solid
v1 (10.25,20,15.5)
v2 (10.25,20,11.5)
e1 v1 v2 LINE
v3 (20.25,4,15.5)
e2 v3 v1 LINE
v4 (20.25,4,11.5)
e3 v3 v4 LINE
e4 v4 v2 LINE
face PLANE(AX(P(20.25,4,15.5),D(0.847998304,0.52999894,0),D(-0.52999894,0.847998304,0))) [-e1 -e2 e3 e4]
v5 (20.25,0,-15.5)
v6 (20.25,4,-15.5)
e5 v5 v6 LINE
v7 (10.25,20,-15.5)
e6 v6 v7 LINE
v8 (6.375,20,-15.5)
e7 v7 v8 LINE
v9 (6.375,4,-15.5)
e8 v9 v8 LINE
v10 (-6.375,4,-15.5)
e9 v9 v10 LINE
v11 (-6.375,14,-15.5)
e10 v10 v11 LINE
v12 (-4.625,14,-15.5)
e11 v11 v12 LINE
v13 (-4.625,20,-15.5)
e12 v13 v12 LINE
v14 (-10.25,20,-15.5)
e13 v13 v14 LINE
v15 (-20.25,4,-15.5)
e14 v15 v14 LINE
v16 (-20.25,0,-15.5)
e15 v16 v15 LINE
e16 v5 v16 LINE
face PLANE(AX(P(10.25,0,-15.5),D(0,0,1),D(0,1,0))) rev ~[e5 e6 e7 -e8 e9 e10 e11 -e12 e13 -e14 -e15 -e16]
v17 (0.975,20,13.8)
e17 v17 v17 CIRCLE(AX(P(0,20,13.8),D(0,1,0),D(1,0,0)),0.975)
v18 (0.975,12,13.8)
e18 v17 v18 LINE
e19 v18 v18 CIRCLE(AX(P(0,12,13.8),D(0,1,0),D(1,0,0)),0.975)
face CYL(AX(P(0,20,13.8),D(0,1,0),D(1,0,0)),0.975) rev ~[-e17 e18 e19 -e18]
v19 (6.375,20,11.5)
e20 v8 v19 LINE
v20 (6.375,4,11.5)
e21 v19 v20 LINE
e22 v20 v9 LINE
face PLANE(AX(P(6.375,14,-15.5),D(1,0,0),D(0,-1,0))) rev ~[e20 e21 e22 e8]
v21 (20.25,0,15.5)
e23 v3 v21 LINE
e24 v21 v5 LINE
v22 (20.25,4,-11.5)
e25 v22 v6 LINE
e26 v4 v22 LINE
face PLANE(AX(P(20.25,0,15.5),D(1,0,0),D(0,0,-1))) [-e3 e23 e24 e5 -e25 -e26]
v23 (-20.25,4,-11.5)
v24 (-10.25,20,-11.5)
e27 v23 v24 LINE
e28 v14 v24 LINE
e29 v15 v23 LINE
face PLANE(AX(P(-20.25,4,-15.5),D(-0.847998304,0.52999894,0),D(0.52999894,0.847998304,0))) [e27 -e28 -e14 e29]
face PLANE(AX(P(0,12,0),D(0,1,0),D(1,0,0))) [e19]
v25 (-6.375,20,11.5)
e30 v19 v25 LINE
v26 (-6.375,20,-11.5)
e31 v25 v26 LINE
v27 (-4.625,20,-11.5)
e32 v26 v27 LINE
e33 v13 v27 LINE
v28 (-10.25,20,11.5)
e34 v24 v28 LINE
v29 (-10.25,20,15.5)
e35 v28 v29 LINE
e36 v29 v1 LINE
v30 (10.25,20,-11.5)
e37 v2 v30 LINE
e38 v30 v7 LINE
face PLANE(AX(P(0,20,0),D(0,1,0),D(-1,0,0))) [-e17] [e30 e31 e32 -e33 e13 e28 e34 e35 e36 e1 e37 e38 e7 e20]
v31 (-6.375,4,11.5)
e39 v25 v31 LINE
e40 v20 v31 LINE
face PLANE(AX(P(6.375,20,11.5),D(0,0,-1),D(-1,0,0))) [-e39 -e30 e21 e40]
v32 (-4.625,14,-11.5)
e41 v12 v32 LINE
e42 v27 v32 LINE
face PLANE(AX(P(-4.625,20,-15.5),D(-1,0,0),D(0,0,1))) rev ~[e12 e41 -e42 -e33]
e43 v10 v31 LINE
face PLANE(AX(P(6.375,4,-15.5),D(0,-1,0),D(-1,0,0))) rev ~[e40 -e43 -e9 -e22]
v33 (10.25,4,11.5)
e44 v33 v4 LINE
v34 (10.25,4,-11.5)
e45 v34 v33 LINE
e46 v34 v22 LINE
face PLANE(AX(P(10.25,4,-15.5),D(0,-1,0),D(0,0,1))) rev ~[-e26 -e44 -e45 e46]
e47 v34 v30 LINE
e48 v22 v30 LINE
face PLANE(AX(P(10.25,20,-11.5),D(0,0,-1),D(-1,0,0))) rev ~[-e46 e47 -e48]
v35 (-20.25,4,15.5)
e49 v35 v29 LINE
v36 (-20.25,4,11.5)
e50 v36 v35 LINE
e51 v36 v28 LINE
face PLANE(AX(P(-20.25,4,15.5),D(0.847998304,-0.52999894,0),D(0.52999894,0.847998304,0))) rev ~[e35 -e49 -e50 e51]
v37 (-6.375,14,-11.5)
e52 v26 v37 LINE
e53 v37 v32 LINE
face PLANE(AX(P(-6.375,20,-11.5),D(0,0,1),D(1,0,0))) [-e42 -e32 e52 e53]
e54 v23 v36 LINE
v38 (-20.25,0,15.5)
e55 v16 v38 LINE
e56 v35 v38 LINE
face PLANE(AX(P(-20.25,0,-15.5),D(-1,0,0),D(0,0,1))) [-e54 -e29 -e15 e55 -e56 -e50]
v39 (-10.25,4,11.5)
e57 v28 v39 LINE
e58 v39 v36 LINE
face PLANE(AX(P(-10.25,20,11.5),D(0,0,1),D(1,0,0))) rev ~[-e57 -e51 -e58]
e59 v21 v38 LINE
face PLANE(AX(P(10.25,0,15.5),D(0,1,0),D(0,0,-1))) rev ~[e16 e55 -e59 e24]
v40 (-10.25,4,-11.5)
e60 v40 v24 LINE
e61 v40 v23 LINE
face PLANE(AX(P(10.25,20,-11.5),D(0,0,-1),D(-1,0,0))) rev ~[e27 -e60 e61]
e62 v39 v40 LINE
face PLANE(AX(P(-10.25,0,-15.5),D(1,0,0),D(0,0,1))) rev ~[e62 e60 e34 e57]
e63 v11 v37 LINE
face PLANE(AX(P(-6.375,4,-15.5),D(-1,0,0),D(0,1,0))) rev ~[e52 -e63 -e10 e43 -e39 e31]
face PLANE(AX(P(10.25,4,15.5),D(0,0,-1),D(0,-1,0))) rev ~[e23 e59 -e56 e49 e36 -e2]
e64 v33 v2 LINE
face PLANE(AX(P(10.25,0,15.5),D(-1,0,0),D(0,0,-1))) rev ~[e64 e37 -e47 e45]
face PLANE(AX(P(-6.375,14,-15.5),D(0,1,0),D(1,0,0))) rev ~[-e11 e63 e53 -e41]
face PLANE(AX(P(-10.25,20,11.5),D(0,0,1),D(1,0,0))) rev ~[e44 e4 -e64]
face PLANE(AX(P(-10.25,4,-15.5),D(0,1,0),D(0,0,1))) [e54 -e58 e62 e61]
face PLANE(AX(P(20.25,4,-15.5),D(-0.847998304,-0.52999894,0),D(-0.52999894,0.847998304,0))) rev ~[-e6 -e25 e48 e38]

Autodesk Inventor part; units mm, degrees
ref_plane "YZ Plane" through (0, 0, 0) normal (1, 0, 0) x (0, 1, 0)
ref_plane "XZ Plane" through (0, 0, 0) normal (0, 1, 0) x (-1, 0, 0)
ref_plane "XY Plane" through (0, 0, 0) normal (0, 0, 1) x (1, 0, 0)
sketch "Sketch1" plane through (0, 0, 0) normal (0, 1, 0) x (-1, 0, 0)
  point P0 (0, 0)
sketch "Sketch2" plane through (0, 0, 0) normal (0, 1, 0) x (-1, 0, 0)
  line L0 (-10.25, -15.5) -> (10.25, -15.5)
  line L1 (10.25, -15.5) -> (10.25, 15.5)
  line L2 (10.25, 15.5) -> (-10.25, 15.5)
  line L3 (-10.25, 15.5) -> (-10.25, -15.5)
  line L4 (-10.25, -15.5) -> (10.25, 15.5) construction
  line L5 (10.25, -15.5) -> (-10.25, 15.5) construction
  point P0 (0, 0)
  dimension "d0" = 20.5
  dimension "d1" = 31
extrude "Extrusion1" add sketch "Sketch2" along normal blind 20
sketch "Sketch3" plane through (0, 20, 0) normal (0, 1, 0) x (1, 0, 0)
  line L0 (6.375, -11.5) -> (-6.375, -11.5)
  line L1 (-6.375, -11.5) -> (-6.375, 11.5)
  line L2 (-6.375, 11.5) -> (6.375, 11.5)
  line L3 (6.375, 11.5) -> (6.375, -11.5)
  line L4 (10.25, 15.5) -> (-10.25, 15.5) projected
  line L5 (10.25, -15.5) -> (10.25, 15.5) projected
  line L6 (-10.25, 15.5) -> (-10.25, -15.5) projected
  line L7 (-10.25, -15.5) -> (10.25, -15.5) projected
  point P0 (0, 0)
  dimension "d4" = 23
  dimension "d5" = 12.75
  dimension "d6" = 4
  dimension "d7" = 3.875
  dimension "d8" = 3.875
  dimension "d9" = 4
extrude "Extrusion2" cut sketch "Sketch3" against normal blind 16 contours L0 L1 L2 L3
sketch "Sketch4" plane through (10.25, 0, -15.5) normal (0, 0, -1) x (-1, 0, 0)
  line L0 (16.625, 14) -> (3.875, 14)
  line L1 (3.875, 14) -> (3.875, 4)
  line L2 (3.875, 4) -> (16.625, 4)
  line L3 (16.625, 4) -> (16.625, 14)
  line L4 (3.875, 20) -> (16.625, 20) projected
  line L5 (0, 0) -> (20.5, 0) projected
  line L6 (0, 0) -> (0, 20) projected
  line L7 (20.5, 0) -> (20.5, 20) projected
  point P0 (10.25, 0)
  dimension "d12" = 10
  dimension "d13" = 12.75
  dimension "d14" = 4
  dimension "d15" = 3.875
  dimension "d16" = 3.875
  dimension "d17" = 6
extrude "Extrusion3" cut sketch "Sketch4" against normal blind 4
sketch "Sketch5" plane through (0, 20, 0) normal (0, 1, 0) x (1, 0, 0)
  circle A0 centre (0, -13.8) radius 0.975
  line L0 (6.375, -11.5) -> (-6.375, -11.5) projected
  line L1 (10.25, -15.5) -> (10.25, 15.5) projected
  line L2 (-10.25, 15.5) -> (-10.25, -15.5) projected
  circle A1 centre (0, 13.8) radius 0.975
  line L3 (-6.375, 11.5) -> (6.375, 11.5) projected
  point P0 (0, 0)
  dimension "d20" = 1.95
  dimension "d21" = 2.3
  dimension "d22" = 10.25
  dimension "d23" = 10.25
  dimension "d24" = 1.95
  dimension "d25" = 2.3
  dimension "d26" = 10.25
  dimension "d27" = 10.25
extrude "Extrusion4" cut sketch "Sketch5" against normal blind 8
sketch "Sketch6" plane through (-10.25, 0, -15.5) normal (-1, 0, 0) x (0, 0, 1)
  line L0 (0, 4) -> (27, 4) projected
  line L1 (0, 0) -> (31, 0) projected
  line L2 (0, 4) -> (31, 4)
  line L3 (31, 4) -> (31, 0)
  line L4 (31, 0) -> (0, 0)
  line L5 (0, 0) -> (0, 4)
  point P0 (15.5, 0)
extrude "Extrusion5" add sketch "Sketch6" along normal blind 10
sketch "Sketch8" plane through (10.25, 0, 15.5) normal (1, 0, 0) x (0, 0, -1)
  line L0 (31, 4) -> (4, 4) projected
  line L1 (0, 0) -> (31, 0) projected
  line L2 (31, 4) -> (0, 4)
  line L3 (0, 4) -> (0, 0)
  line L4 (0, 0) -> (31, 0)
  line L5 (31, 0) -> (31, 4)
  point P0 (15.5, 0)
  point P1 (4, 4)
extrude "Extrusion6" add sketch "Sketch8" along normal blind 10
sketch "Sketch9" plane through (10.25, 20, -15.5) normal (0, 0, -1) x (-1, 0, 0)
  line L0 (20.5, -16) -> (20.5, 0) projected
  line L1 (20.5, 0) -> (20.5, -16)
  line L2 (30.5, -20) -> (30.5, -16) projected
  line L3 (20.5, -16) -> (30.5, -16)
  line L4 (30.5, -16) -> (20.5, 0)
  line L5 (0, -16) -> (0, 0) projected
  line L6 (0, 0) -> (0, -16)
  line L7 (0, -16) -> (-10, -16) projected
  line L8 (0, -16) -> (-10, -16)
  line L9 (-10, -16) -> (0, 0)
  point P0 (10.25, -20)
extrude "Extrusion7" add sketch "Sketch9" against normal blind 4
sketch "Sketch10" plane through (-10.25, 20, 15.5) normal (0, 0, 1) x (1, 0, 0)
  line L0 (0, 0) -> (0, -16)
  line L1 (0, -16) -> (-10, -16) projected
  line L2 (0, -16) -> (-10, -16)
  line L3 (-10, -16) -> (0, 0) projected
  line L4 (-10, -16) -> (0, 0)
  line L5 (20.5, -16) -> (20.5, 0) projected
  line L6 (20.5, 0) -> (20.5, -16)
  line L7 (20.5, -16) -> (30.5, -16) projected
  line L8 (20.5, -16) -> (30.5, -16)
  line L9 (30.5, -16) -> (20.5, 0)
  point P0 (10.25, -20)
extrude "Extrusion8" add sketch "Sketch10" against normal blind 4
sketch "Sketch11" plane through (0, 20, 0) normal (0, 1, 0) x (1, 0, 0)
  line L0 (6.375, 15.5) -> (6.375, -11.5) projected
  line L1 (-6.375, 11.5) -> (6.375, 11.5) projected
  line L2 (6.375, 15.5) -> (-4.625, 15.5)
  line L3 (-4.625, 15.5) -> (-4.625, 11.5)
  line L4 (-4.625, 11.5) -> (6.375, 11.5)
  line L5 (6.375, 11.5) -> (6.375, 15.5)
  point P0 (0, 0)
  dimension "d38" = 11
extrude "Extrusion9" cut sketch "Sketch11" against normal blind 6
properties part number "servommount1"
